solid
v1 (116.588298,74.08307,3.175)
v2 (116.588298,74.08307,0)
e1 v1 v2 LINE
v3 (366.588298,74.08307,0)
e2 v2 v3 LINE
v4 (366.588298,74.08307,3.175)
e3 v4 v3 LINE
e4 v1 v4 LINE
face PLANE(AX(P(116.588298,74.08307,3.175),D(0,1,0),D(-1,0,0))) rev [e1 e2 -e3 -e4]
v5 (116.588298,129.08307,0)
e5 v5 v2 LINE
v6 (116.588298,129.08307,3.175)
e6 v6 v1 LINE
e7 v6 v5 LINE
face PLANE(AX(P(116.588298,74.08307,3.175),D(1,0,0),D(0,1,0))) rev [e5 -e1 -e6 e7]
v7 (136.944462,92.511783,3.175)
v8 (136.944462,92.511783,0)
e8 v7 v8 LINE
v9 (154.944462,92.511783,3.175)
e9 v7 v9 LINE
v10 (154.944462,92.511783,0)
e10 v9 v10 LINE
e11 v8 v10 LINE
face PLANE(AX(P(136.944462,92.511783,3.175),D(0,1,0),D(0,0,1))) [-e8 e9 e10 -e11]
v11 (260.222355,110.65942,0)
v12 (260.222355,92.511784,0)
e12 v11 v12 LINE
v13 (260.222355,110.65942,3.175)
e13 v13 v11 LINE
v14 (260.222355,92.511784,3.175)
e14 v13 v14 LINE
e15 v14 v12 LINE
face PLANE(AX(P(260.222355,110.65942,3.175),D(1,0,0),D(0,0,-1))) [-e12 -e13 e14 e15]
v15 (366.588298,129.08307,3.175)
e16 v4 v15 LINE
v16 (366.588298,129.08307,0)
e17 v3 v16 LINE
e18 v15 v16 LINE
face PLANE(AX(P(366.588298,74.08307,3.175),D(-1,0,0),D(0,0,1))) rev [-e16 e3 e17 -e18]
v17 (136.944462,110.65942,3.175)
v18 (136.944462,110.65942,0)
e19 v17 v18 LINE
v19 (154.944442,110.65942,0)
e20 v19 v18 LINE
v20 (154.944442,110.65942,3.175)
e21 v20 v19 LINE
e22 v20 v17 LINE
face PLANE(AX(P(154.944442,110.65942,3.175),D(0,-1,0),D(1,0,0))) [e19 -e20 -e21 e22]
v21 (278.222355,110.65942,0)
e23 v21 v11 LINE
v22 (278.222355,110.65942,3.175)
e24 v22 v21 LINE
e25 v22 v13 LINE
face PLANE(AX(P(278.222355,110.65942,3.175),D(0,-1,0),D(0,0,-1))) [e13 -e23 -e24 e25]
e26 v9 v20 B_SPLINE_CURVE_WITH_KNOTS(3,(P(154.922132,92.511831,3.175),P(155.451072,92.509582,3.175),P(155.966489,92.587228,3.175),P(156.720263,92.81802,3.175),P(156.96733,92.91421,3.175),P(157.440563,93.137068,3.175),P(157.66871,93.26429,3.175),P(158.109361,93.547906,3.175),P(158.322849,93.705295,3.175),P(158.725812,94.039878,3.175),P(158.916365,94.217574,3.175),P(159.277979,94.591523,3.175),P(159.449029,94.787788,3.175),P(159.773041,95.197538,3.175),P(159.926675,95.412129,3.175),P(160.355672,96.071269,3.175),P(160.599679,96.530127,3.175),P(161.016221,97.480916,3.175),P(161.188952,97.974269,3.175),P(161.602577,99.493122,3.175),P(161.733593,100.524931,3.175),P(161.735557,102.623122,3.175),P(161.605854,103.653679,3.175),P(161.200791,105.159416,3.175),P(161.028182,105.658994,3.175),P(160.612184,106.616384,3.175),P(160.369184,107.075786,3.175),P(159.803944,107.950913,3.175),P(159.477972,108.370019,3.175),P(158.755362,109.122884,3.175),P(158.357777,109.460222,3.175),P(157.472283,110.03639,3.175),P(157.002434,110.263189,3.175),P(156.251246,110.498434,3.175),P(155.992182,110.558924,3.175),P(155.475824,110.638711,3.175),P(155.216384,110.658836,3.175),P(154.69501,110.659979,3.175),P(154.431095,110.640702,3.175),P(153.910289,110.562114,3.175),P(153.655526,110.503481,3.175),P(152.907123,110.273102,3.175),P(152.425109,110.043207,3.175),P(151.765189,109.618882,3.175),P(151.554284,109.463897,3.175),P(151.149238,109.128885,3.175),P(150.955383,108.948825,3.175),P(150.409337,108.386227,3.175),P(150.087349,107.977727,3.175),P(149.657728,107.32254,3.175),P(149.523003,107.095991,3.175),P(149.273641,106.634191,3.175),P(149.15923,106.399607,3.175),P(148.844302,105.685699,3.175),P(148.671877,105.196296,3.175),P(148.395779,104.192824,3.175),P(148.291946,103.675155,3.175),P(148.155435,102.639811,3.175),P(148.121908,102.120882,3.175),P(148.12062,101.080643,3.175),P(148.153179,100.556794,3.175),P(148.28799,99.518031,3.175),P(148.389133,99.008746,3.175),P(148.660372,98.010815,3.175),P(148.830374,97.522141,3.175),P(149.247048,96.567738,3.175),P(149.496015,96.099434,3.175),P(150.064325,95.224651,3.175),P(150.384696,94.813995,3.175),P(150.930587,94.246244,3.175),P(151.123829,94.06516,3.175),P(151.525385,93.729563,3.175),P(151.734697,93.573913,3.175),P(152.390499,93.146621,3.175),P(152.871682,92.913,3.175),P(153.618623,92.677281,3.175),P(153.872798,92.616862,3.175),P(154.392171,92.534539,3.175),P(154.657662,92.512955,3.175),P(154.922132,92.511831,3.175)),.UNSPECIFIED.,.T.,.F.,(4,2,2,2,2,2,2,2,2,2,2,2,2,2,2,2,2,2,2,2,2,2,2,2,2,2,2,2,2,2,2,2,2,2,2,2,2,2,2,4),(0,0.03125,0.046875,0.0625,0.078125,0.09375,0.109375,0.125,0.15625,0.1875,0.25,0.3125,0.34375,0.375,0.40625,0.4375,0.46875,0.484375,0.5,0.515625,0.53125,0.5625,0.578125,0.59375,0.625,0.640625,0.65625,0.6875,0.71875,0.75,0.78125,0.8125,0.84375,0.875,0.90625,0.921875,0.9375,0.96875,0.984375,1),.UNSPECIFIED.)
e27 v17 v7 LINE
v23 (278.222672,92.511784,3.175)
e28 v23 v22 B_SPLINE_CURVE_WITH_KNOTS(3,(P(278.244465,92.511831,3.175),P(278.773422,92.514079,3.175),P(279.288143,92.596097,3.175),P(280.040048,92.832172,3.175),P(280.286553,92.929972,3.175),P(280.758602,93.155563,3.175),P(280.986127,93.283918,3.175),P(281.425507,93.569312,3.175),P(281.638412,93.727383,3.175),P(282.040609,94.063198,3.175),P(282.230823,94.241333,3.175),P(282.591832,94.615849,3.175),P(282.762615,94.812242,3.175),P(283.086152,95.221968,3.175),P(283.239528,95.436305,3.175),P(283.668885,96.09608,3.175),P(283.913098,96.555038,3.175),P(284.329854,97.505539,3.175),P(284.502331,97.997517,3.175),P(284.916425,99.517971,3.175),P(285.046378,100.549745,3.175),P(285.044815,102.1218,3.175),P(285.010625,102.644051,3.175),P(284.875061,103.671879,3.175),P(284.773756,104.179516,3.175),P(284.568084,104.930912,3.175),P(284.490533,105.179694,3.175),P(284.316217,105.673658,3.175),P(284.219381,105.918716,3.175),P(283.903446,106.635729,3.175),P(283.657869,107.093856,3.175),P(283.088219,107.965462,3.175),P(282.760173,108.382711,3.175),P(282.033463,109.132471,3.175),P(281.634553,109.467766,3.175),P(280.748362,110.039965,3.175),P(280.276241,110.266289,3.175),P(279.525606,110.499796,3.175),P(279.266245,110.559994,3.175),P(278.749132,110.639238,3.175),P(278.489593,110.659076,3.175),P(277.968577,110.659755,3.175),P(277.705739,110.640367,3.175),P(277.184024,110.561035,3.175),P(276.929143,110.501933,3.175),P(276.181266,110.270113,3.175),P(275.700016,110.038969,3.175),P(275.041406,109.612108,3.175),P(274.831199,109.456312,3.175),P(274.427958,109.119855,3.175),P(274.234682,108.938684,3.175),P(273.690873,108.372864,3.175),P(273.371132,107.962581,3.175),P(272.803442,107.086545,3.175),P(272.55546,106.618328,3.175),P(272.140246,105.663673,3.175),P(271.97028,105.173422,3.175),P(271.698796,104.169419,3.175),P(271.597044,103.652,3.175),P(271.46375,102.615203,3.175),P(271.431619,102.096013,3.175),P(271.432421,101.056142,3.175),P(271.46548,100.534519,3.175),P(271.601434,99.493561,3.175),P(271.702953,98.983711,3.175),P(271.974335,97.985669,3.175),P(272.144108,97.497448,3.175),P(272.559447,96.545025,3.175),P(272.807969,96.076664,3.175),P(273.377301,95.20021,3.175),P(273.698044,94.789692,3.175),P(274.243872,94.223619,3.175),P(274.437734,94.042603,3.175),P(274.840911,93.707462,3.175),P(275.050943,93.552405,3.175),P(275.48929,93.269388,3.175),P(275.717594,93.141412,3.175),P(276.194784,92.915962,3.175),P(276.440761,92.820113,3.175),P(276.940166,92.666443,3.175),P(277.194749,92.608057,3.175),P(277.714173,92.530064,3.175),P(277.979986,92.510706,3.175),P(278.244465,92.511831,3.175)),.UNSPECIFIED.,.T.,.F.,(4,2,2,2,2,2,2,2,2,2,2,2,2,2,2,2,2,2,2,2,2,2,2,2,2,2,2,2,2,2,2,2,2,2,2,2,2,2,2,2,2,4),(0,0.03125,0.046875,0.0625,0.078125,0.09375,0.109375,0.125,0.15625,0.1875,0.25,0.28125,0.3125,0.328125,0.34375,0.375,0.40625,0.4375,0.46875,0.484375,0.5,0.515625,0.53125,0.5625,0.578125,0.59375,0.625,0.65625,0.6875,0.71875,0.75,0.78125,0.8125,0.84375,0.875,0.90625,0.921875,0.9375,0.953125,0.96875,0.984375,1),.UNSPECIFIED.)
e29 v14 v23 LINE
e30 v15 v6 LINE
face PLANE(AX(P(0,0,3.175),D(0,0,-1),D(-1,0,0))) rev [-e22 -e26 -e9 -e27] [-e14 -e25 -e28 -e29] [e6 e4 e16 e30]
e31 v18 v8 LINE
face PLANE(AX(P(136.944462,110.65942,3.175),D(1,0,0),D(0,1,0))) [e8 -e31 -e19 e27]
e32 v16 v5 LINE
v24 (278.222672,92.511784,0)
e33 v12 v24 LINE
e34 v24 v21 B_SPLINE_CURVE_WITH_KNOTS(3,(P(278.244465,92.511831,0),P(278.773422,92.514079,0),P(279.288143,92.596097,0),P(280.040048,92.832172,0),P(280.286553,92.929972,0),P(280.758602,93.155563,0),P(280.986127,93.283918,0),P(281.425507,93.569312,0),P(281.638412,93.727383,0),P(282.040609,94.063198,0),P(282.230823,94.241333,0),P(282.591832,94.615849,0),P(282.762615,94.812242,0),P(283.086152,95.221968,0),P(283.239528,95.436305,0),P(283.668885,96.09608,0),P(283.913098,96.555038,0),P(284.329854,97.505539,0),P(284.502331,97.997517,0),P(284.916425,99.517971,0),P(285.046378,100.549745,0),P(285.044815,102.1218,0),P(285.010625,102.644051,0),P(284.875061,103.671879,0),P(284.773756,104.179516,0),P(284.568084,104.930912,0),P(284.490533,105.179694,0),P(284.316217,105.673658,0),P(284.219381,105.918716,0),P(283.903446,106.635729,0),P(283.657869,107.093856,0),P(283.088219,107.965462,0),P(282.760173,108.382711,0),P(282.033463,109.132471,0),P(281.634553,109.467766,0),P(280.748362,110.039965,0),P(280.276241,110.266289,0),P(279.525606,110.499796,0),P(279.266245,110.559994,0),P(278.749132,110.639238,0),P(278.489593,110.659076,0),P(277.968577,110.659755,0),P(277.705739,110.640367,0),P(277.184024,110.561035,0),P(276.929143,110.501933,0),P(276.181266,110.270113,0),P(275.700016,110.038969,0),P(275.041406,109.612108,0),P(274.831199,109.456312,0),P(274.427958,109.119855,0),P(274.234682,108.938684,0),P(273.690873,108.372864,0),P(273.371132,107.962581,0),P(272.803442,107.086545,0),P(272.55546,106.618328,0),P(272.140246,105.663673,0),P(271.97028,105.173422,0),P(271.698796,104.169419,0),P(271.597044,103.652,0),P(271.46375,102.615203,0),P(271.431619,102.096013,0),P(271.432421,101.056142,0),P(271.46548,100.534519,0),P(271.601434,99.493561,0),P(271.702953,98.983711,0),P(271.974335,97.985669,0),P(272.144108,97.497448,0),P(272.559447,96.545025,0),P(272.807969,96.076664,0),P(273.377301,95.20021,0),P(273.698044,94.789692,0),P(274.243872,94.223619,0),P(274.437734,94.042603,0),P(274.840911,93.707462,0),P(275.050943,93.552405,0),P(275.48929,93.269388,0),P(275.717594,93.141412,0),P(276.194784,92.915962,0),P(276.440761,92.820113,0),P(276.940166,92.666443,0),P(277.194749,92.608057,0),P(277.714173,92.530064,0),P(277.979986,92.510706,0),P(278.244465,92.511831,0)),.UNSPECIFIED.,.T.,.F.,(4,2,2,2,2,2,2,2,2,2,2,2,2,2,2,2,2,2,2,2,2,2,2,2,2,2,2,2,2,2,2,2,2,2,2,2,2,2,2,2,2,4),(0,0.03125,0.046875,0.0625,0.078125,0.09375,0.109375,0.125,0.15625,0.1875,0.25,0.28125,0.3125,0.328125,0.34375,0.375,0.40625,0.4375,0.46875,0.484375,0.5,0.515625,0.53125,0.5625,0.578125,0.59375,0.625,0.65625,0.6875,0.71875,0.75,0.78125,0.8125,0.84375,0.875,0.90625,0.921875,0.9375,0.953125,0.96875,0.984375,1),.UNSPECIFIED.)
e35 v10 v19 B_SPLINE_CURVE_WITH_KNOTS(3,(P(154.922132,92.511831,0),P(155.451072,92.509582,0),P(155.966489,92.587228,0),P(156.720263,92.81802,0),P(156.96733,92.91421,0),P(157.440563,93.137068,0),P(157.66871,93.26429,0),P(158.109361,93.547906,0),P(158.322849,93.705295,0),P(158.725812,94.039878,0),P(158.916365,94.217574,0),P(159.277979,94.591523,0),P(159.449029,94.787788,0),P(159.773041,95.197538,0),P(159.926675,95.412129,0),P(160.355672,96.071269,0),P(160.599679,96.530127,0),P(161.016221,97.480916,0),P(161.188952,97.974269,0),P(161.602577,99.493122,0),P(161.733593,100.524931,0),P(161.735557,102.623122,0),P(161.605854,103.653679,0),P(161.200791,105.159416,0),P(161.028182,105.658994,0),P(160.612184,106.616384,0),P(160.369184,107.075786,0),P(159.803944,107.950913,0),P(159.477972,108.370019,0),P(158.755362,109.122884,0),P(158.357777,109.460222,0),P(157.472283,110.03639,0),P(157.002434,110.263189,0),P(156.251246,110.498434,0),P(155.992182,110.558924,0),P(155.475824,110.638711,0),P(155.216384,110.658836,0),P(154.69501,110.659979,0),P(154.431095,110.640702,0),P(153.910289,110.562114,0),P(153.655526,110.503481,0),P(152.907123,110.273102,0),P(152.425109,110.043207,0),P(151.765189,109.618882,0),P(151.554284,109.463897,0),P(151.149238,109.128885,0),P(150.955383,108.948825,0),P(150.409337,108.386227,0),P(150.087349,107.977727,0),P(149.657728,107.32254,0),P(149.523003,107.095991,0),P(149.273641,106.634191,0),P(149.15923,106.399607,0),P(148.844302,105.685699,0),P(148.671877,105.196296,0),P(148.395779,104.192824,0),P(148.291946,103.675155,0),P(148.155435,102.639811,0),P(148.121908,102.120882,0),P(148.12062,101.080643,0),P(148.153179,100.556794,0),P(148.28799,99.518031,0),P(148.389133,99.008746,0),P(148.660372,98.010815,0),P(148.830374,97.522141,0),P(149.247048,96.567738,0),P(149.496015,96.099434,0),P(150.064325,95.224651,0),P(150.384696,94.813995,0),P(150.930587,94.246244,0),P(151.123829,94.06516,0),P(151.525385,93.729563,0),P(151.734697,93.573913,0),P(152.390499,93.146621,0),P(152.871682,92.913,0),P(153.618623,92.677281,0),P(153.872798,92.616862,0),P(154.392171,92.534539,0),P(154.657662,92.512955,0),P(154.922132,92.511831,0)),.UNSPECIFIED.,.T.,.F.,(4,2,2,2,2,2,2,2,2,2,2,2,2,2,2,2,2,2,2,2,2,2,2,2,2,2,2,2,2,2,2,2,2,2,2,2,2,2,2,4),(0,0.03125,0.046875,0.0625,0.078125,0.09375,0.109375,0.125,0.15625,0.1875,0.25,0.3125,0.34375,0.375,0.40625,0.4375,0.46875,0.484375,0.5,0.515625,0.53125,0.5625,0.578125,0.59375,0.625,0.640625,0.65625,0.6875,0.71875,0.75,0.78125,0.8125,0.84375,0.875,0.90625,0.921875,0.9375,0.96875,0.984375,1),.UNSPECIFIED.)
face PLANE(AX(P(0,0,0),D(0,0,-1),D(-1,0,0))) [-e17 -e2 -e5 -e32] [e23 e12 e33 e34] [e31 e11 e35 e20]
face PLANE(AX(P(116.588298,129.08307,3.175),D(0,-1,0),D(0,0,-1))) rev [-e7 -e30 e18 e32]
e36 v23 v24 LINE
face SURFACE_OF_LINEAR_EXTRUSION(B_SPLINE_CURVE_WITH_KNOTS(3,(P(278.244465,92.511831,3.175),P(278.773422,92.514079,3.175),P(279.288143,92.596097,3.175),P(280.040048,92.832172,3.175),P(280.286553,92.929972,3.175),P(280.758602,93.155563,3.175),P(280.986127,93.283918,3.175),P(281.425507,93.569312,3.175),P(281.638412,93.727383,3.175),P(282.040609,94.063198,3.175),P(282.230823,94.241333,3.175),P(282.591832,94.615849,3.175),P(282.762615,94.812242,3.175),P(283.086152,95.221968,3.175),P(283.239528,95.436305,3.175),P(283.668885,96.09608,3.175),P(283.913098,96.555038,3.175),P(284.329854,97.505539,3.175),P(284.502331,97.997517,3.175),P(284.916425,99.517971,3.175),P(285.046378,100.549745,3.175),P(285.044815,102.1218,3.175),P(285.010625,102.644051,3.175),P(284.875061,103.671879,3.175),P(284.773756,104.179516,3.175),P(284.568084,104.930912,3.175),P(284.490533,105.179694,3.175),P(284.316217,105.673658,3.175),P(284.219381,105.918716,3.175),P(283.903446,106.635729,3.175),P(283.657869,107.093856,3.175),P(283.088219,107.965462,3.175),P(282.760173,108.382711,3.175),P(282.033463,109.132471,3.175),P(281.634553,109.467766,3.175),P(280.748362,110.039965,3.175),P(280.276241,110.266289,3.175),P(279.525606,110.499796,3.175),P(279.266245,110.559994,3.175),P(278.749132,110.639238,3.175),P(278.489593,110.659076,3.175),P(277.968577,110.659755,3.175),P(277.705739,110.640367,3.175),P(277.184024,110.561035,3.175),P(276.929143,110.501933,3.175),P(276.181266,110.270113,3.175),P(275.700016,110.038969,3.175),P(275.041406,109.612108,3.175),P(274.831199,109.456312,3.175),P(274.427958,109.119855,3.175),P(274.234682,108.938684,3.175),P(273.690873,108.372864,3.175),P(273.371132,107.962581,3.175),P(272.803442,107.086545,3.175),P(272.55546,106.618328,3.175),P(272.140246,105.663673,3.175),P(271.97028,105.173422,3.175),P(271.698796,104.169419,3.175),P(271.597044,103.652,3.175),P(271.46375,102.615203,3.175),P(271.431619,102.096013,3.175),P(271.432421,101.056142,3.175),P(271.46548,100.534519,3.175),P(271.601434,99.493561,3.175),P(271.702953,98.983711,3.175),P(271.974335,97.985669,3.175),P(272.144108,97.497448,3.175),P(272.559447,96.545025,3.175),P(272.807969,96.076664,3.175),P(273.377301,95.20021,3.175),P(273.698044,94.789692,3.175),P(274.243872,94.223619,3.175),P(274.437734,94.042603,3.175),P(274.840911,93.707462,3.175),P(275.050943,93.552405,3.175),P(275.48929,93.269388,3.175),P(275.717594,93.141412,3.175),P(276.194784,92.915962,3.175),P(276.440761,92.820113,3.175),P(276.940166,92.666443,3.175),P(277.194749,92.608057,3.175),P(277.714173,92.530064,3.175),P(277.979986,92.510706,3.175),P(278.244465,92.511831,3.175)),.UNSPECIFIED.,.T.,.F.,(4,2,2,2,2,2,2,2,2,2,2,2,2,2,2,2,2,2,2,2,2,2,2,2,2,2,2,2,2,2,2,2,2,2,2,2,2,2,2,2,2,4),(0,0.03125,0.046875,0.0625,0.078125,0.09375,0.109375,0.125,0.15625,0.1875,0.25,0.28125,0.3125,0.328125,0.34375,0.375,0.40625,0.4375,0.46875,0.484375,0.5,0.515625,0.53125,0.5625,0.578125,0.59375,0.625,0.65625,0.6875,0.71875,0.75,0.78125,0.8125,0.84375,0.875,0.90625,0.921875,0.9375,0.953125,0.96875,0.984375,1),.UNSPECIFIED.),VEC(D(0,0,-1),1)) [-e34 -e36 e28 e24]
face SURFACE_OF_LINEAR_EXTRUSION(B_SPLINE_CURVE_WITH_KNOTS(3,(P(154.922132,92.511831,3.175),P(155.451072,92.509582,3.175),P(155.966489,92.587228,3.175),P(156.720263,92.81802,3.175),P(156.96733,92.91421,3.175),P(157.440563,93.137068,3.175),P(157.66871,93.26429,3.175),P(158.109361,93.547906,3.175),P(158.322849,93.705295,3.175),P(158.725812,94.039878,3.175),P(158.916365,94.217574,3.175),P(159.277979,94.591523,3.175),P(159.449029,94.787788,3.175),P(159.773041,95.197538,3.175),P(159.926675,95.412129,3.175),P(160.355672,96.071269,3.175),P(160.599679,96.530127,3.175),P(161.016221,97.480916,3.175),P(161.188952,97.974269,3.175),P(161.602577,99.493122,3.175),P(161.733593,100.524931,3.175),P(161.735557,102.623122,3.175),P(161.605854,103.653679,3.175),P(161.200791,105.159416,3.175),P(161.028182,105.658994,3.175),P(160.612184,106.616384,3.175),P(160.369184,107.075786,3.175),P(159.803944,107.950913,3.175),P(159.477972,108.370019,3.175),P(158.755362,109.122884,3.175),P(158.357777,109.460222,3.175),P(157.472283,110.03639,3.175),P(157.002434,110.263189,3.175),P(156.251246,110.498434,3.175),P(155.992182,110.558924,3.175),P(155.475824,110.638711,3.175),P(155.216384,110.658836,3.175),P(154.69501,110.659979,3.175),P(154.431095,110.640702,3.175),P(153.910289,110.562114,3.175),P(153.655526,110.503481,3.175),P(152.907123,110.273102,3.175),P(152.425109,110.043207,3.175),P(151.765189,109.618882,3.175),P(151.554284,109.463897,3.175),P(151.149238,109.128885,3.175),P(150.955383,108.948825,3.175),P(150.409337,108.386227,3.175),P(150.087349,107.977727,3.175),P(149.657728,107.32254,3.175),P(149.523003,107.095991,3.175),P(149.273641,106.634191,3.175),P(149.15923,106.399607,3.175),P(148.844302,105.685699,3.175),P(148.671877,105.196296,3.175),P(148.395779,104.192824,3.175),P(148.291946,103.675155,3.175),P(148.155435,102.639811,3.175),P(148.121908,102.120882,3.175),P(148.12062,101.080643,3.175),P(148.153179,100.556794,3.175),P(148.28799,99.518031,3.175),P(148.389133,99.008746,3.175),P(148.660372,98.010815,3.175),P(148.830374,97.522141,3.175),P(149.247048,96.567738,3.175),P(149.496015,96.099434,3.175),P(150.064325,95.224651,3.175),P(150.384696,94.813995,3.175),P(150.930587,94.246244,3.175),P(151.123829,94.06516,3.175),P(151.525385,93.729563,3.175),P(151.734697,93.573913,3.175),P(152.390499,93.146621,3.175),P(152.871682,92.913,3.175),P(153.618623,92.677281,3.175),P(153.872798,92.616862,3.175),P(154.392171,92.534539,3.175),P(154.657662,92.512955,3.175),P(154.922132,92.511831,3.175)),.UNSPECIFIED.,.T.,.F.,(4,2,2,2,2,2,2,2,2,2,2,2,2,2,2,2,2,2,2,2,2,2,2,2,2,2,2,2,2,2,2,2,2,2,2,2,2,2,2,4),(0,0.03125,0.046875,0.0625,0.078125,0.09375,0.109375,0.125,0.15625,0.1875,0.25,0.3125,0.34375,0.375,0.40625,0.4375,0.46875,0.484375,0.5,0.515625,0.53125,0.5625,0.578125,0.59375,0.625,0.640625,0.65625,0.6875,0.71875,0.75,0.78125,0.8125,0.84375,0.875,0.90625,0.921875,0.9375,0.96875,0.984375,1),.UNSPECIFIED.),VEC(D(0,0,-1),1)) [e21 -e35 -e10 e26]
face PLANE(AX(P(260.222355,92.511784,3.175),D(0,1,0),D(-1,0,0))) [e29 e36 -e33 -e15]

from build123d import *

# Parameters (mm, degrees)
SKETCH1_W           = 250
SKETCH1_H           = 55
BOSS_EXTRUDE1_DEPTH = 3.175


with BuildPart() as part:
    # Sketch1 → Boss-Extrude1 (new body)
    with BuildSketch(Plane.XY):
        with Locations((241.58829827, 101.583069701)):
            Rectangle(SKETCH1_W, SKETCH1_H)
        with BuildLine():
            Line((154.944441507, 110.659419863), (136.944461656, 110.659419863))
            Line((136.944461656, 110.659419863), (136.944461656, 92.511783047))
            Line((136.944461656, 92.511783047), (154.944461656, 92.511783047))
            add(Edge.make_bspline(
                [(154.944461656, 92.511783047), (155.465580761, 92.511783047), (155.973562735, 92.589394234), (156.720262524, 92.818020166), (156.967329601, 92.914210046), (157.440562636, 93.137067615), (157.668709975, 93.264289684), (158.109361081, 93.547905878), (158.322848527, 93.705295338), (158.725811926, 94.039877695), (158.91636517, 94.217573511), (159.277979375, 94.591523132), (159.449028618, 94.787788094), (159.773040585, 95.19753762), (159.9266746, 95.412129059), (160.355672211, 96.071269052), (160.599679107, 96.530127084), (161.016221353, 97.480916259), (161.18895181, 97.974269403), (161.602577216, 99.493122012), (161.733592644, 100.524931205), (161.735557125, 102.623122345), (161.605853876, 103.65367904), (161.200790672, 105.159416327), (161.028182443, 105.658994331), (160.612184007, 106.616383577), (160.369184421, 107.075786107), (159.803943699, 107.950913477), (159.477972126, 108.370019434), (158.755362198, 109.122883671), (158.357777017, 109.46022215), (157.472283398, 110.03638962), (157.002434247, 110.263188923), (156.251245807, 110.498433872), (155.99218216, 110.558924387), (155.475823647, 110.638710894), (155.216383747, 110.658836286), (154.951945719, 110.659415753), (154.948193937, 110.659419863), (154.944441507, 110.659419863)],
                knots=[0.000439911, 0.000439911, 0.000439911, 0.000439911, 0.03125, 0.03125, 0.046875, 0.046875, 0.0625, 0.0625, 0.078125, 0.078125, 0.09375, 0.09375, 0.109375, 0.109375, 0.125, 0.125, 0.15625, 0.15625, 0.1875, 0.1875, 0.25, 0.25, 0.3125, 0.3125, 0.34375, 0.34375, 0.375, 0.375, 0.40625, 0.40625, 0.4375, 0.4375, 0.46875, 0.46875, 0.484375, 0.484375, 0.5, 0.5, 0.500224833, 0.500224833, 0.500224833, 0.500224833], degree=3))
        make_face(mode=Mode.SUBTRACT)
        with BuildLine():
            Line((278.222355303, 110.659419984), (260.222355303, 110.659419984))
            Line((260.222355303, 110.659419984), (260.222355303, 92.511784216))
            Line((260.222355303, 92.511784216), (278.222671977, 92.511784216))
            add(Edge.make_bspline(
                [(278.222671977, 92.511784216), (278.229937143, 92.511784216), (278.237201457, 92.511799646), (278.773421896, 92.514079257), (279.288142612, 92.596096823), (280.040047699, 92.832172325), (280.286553449, 92.929971913), (280.75860243, 93.155562646), (280.986126812, 93.283918002), (281.425506637, 93.569311707), (281.638411532, 93.727382623), (282.040609192, 94.063197756), (282.23082338, 94.241332646), (282.591831943, 94.615849486), (282.762614605, 94.81224244), (283.086151949, 95.22196763), (283.239528043, 95.436304512), (283.668884519, 96.096080467), (283.913097501, 96.555038053), (284.329853528, 97.5055387), (284.50233093, 97.997517385), (284.916425114, 99.517971017), (285.04637802, 100.549745307), (285.044814782, 102.121799944), (285.010624567, 102.644051201), (284.87506084, 103.671879074), (284.773756367, 104.179515711), (284.56808419, 104.930912138), (284.490533245, 105.179693519), (284.316216828, 105.673658252), (284.219380859, 105.918716085), (283.90344552, 106.635729238), (283.657868712, 107.093856456), (283.088219022, 107.965462), (282.760173435, 108.382711445), (282.033463395, 109.132471136), (281.634553418, 109.467765519), (280.748361649, 110.039964654), (280.276240557, 110.266288645), (279.525605581, 110.499795693), (279.266245361, 110.559993759), (278.749131979, 110.639237799), (278.489592579, 110.659075845), (278.226841712, 110.659418521), (278.224598593, 110.659419984), (278.222355303, 110.659419984)],
                knots=[0.999570895, 0.999570895, 0.999570895, 0.999570895, 1, 1, 1.03125, 1.03125, 1.046875, 1.046875, 1.0625, 1.0625, 1.078125, 1.078125, 1.09375, 1.09375, 1.109375, 1.109375, 1.125, 1.125, 1.15625, 1.15625, 1.1875, 1.1875, 1.25, 1.25, 1.28125, 1.28125, 1.3125, 1.3125, 1.328125, 1.328125, 1.34375, 1.34375, 1.375, 1.375, 1.40625, 1.40625, 1.4375, 1.4375, 1.46875, 1.46875, 1.484375, 1.484375, 1.5, 1.5, 1.50013453, 1.50013453, 1.50013453, 1.50013453], degree=3))
        make_face(mode=Mode.SUBTRACT)
    extrude(amount=BOSS_EXTRUDE1_DEPTH)


solid = part.part
